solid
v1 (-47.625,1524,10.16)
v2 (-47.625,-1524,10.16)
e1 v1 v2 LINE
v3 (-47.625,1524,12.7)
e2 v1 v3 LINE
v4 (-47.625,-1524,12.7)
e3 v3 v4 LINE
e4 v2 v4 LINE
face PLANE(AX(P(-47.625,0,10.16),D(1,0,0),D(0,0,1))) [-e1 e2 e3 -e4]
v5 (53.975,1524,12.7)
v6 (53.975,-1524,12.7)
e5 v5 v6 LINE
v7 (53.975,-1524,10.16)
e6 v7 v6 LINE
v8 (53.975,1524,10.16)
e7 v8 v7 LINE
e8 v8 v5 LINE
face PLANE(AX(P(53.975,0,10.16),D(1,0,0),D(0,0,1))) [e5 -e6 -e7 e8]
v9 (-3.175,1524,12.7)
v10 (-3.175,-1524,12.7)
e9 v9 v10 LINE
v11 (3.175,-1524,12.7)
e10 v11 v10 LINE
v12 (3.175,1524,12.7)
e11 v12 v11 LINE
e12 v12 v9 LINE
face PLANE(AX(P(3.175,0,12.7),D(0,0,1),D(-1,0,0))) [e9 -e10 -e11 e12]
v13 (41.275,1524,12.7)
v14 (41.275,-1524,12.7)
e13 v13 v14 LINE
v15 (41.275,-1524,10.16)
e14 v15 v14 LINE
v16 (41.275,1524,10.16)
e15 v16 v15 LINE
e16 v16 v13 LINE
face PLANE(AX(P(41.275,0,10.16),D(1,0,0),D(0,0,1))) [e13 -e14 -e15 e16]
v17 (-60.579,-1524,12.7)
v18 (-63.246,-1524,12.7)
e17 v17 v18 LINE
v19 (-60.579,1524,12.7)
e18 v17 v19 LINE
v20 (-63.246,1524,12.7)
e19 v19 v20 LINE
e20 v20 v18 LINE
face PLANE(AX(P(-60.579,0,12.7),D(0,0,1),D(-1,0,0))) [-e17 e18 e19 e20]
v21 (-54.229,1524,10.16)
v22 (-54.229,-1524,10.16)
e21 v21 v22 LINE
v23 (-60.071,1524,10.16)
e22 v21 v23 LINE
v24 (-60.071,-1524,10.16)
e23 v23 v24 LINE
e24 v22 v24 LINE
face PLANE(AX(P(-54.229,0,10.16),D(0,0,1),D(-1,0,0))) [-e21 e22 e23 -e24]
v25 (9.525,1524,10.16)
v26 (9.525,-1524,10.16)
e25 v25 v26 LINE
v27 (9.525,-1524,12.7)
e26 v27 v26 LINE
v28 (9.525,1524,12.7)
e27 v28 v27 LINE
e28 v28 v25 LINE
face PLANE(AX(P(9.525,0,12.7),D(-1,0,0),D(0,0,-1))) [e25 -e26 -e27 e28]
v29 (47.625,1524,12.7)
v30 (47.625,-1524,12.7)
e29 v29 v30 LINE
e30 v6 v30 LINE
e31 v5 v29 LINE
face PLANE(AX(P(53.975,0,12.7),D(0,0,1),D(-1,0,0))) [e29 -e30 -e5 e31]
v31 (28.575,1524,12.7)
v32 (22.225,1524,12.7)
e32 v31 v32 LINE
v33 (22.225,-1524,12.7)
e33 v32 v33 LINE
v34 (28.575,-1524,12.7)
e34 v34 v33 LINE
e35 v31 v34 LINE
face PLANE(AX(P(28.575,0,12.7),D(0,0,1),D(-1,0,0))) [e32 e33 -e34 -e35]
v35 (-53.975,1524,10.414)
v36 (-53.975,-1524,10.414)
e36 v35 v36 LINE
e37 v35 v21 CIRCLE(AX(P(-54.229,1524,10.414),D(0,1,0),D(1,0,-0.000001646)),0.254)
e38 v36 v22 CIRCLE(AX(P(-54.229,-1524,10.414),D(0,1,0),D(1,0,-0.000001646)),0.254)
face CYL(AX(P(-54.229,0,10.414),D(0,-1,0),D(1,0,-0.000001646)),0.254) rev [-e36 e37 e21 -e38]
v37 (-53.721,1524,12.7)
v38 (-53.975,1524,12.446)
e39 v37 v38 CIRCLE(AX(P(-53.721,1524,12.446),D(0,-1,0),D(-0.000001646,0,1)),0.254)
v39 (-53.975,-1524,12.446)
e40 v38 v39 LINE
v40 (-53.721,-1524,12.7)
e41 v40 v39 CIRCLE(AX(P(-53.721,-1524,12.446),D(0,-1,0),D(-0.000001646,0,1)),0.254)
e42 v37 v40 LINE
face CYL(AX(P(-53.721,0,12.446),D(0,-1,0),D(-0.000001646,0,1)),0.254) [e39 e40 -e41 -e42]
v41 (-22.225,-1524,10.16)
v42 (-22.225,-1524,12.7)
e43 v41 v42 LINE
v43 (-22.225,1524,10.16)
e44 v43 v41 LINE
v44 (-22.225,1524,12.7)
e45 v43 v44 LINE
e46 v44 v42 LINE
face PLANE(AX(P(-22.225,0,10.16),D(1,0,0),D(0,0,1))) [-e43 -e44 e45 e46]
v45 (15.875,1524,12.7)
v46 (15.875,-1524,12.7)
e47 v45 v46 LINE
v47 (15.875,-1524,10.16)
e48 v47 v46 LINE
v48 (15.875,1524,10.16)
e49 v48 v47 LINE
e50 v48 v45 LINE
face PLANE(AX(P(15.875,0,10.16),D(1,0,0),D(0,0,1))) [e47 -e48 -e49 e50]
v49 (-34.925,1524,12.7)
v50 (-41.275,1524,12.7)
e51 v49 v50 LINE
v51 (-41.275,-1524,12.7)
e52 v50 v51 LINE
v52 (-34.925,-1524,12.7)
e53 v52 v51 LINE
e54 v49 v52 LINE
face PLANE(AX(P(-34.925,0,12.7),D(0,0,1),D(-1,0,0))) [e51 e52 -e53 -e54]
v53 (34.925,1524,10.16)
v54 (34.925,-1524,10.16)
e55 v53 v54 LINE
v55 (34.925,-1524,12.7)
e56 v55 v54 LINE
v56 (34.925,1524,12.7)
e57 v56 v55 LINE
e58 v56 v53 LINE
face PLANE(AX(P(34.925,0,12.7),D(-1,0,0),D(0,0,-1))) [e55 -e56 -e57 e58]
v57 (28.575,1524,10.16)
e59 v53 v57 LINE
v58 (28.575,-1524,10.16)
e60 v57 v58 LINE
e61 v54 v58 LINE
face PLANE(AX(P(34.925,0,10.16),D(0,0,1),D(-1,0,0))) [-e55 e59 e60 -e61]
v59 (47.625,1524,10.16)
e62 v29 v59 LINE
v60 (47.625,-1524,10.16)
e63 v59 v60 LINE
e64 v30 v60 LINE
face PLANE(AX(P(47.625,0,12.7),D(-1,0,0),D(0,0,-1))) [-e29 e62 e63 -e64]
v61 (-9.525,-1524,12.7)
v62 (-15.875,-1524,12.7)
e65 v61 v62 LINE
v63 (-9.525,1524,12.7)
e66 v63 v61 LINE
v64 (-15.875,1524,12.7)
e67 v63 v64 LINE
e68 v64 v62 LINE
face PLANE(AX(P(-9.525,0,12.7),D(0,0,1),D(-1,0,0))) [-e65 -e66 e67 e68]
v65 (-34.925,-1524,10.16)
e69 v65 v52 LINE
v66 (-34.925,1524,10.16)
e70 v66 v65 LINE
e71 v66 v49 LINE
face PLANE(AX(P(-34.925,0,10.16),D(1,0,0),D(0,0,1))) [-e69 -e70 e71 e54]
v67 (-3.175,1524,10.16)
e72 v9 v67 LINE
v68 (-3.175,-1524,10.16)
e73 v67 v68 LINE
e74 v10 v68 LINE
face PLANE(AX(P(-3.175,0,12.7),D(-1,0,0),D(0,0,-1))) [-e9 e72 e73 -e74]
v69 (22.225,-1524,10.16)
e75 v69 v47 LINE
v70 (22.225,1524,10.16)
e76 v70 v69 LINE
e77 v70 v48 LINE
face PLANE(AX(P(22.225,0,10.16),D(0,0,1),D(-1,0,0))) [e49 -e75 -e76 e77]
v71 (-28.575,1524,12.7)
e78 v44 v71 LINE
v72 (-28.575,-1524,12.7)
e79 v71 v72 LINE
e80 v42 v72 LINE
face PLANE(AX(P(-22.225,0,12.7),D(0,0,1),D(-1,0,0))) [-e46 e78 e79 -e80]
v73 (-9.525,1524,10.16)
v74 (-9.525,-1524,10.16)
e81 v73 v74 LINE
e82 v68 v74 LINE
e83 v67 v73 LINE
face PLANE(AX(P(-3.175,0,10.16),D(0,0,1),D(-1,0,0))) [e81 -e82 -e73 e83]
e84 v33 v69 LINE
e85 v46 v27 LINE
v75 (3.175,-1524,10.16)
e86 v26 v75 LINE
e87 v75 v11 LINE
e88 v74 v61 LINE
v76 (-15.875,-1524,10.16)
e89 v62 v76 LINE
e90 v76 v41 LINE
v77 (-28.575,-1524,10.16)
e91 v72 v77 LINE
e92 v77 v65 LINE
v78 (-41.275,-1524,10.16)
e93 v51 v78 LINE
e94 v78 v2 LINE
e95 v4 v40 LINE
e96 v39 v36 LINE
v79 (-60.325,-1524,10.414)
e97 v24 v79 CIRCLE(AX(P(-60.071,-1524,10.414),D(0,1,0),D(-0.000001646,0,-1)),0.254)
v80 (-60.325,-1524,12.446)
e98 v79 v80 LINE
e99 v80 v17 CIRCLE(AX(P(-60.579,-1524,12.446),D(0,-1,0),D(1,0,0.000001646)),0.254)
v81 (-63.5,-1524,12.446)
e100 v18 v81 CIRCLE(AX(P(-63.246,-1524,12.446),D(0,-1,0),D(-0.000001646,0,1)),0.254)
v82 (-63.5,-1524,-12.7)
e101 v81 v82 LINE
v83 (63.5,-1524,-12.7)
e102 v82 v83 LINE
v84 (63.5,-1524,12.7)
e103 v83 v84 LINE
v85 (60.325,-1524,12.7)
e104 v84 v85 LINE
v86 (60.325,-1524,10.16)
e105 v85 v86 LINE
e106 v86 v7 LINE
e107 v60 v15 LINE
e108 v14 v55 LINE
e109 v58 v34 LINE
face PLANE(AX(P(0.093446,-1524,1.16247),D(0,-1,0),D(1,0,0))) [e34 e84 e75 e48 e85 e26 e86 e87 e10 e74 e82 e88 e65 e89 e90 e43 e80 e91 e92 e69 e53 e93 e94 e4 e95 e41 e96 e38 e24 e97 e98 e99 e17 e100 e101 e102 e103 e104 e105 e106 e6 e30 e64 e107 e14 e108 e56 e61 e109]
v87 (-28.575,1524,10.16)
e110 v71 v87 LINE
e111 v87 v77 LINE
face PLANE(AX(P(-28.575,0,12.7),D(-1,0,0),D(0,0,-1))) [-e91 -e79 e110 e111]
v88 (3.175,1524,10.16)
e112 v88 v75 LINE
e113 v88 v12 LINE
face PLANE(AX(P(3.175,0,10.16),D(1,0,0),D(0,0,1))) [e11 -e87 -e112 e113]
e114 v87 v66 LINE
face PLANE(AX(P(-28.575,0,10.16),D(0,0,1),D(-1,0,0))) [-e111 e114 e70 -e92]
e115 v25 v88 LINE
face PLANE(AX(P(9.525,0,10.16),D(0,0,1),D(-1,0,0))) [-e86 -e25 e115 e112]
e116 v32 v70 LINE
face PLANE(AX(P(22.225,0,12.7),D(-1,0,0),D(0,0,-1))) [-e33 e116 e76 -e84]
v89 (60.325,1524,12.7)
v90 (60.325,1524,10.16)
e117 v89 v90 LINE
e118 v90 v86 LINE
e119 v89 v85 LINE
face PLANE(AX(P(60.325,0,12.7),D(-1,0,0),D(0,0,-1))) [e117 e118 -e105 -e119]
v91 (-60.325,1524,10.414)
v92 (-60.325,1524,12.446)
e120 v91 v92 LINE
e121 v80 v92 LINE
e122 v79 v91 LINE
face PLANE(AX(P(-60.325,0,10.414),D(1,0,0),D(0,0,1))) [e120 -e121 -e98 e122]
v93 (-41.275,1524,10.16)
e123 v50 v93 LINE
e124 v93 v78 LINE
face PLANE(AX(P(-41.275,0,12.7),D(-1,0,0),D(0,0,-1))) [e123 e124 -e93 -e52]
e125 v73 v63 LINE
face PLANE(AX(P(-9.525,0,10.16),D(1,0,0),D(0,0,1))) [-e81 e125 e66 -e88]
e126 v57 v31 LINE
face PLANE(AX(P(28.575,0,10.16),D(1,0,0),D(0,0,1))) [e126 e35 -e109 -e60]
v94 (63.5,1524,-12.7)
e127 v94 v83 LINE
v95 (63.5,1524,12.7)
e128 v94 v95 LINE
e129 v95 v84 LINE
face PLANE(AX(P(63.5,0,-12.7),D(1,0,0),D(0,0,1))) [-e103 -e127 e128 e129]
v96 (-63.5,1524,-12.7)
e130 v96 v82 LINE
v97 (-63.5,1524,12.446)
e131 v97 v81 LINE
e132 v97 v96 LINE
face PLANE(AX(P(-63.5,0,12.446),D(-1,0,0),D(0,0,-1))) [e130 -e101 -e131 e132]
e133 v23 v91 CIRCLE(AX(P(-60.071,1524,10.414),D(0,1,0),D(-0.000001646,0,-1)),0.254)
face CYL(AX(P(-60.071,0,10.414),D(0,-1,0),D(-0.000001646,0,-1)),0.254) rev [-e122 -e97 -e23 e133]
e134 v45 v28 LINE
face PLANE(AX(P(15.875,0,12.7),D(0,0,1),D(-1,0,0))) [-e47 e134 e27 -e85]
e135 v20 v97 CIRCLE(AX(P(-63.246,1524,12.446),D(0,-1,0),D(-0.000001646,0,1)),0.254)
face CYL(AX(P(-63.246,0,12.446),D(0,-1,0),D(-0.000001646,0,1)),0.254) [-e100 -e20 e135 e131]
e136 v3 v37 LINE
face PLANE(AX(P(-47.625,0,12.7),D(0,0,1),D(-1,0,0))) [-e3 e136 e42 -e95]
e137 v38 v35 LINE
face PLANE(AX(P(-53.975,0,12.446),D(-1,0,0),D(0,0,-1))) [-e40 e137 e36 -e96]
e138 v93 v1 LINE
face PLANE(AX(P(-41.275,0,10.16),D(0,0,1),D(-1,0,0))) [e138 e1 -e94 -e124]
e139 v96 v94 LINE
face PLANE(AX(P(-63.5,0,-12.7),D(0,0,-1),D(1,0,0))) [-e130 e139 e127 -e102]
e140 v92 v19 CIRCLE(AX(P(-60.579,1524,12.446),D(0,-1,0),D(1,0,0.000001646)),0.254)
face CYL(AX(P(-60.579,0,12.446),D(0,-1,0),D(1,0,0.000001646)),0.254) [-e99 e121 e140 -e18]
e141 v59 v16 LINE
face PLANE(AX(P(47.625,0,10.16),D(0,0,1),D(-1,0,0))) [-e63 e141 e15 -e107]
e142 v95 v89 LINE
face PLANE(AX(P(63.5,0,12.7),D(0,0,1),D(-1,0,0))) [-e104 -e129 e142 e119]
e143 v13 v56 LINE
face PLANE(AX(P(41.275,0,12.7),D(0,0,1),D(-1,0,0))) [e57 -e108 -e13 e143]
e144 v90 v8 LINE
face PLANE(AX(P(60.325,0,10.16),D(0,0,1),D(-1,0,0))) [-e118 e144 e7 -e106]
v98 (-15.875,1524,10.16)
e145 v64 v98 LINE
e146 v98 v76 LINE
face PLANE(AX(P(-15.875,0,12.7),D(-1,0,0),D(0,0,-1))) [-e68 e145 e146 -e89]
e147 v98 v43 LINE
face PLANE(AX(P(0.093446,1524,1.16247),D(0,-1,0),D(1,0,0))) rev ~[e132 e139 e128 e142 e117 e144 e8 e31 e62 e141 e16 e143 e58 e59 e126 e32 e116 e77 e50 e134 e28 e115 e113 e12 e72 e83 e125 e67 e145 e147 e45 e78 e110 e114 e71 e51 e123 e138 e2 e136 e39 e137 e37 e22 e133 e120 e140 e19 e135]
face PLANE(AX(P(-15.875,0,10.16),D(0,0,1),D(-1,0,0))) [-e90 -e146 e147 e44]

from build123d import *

# Parameters (mm, degrees)
F1_DEPTH = 1524


with BuildPart() as f1:
    # F0 (on Front) → F1 (new body, symmetric)
    with BuildSketch(Plane.XZ):
        with BuildLine():
            Line((-60.579, 12.7), (-63.246, 12.7))
            ThreePointArc((-63.246, 12.7), (-63.425605, 12.625605), (-63.5, 12.446))
            Line((-63.5, 12.446), (-63.5, -12.7))
            Line((-63.5, -12.7), (63.5, -12.7))
            Line((63.5, -12.7), (63.5, 12.7))
            Line((63.5, 12.7), (60.325, 12.7))
            Line((60.325, 12.7), (60.325, 10.16))
            Line((60.325, 10.16), (53.975, 10.16))
            Line((53.975, 10.16), (53.975, 12.7))
            Line((53.975, 12.7), (47.625, 12.7))
            Line((47.625, 12.7), (47.625, 10.16))
            Line((47.625, 10.16), (41.275, 10.16))
            Line((41.275, 10.16), (41.275, 12.7))
            Line((41.275, 12.7), (34.925, 12.7))
            Line((34.925, 12.7), (34.925, 10.16))
            Line((34.925, 10.16), (28.575, 10.16))
            Line((28.575, 10.16), (28.575, 12.7))
            Line((28.575, 12.7), (22.225, 12.7))
            Line((22.225, 12.7), (22.225, 10.16))
            Line((22.225, 10.16), (15.875, 10.16))
            Line((15.875, 10.16), (15.875, 12.7))
            Line((15.875, 12.7), (9.525, 12.7))
            Line((9.525, 12.7), (9.525, 10.16))
            Line((9.525, 10.16), (3.175, 10.16))
            Line((3.175, 10.16), (3.175, 12.7))
            Line((3.175, 12.7), (-3.175, 12.7))
            Line((-3.175, 12.7), (-3.175, 10.16))
            Line((-3.175, 10.16), (-9.525, 10.16))
            Line((-9.525, 10.16), (-9.525, 12.7))
            Line((-9.525, 12.7), (-15.875, 12.7))
            Line((-15.875, 12.7), (-15.875, 10.16))
            Line((-15.875, 10.16), (-22.225, 10.16))
            Line((-22.225, 10.16), (-22.225, 12.7))
            Line((-22.225, 12.7), (-28.575, 12.7))
            Line((-28.575, 12.7), (-28.575, 10.16))
            Line((-28.575, 10.16), (-34.925, 10.16))
            Line((-34.925, 10.16), (-34.925, 12.7))
            Line((-34.925, 12.7), (-41.275, 12.7))
            Line((-41.275, 12.7), (-41.275, 10.16))
            Line((-41.275, 10.16), (-47.625, 10.16))
            Line((-47.625, 10.16), (-47.625, 12.7))
            Line((-47.625, 12.7), (-53.721, 12.7))
            ThreePointArc((-53.721, 12.7), (-53.900605, 12.625605), (-53.975, 12.446))
            Line((-53.975, 12.446), (-53.975, 10.414))
            ThreePointArc((-53.975, 10.414), (-54.049395, 10.234395), (-54.229, 10.16))
            Line((-54.229, 10.16), (-60.071, 10.16))
            ThreePointArc((-60.071, 10.16), (-60.250605, 10.234395), (-60.325, 10.414))
            Line((-60.325, 10.414), (-60.325, 12.446))
            ThreePointArc((-60.325, 12.446), (-60.399395, 12.625605), (-60.579, 12.7))
        make_face()
    extrude(amount=F1_DEPTH, both=True)


solid = f1.part
